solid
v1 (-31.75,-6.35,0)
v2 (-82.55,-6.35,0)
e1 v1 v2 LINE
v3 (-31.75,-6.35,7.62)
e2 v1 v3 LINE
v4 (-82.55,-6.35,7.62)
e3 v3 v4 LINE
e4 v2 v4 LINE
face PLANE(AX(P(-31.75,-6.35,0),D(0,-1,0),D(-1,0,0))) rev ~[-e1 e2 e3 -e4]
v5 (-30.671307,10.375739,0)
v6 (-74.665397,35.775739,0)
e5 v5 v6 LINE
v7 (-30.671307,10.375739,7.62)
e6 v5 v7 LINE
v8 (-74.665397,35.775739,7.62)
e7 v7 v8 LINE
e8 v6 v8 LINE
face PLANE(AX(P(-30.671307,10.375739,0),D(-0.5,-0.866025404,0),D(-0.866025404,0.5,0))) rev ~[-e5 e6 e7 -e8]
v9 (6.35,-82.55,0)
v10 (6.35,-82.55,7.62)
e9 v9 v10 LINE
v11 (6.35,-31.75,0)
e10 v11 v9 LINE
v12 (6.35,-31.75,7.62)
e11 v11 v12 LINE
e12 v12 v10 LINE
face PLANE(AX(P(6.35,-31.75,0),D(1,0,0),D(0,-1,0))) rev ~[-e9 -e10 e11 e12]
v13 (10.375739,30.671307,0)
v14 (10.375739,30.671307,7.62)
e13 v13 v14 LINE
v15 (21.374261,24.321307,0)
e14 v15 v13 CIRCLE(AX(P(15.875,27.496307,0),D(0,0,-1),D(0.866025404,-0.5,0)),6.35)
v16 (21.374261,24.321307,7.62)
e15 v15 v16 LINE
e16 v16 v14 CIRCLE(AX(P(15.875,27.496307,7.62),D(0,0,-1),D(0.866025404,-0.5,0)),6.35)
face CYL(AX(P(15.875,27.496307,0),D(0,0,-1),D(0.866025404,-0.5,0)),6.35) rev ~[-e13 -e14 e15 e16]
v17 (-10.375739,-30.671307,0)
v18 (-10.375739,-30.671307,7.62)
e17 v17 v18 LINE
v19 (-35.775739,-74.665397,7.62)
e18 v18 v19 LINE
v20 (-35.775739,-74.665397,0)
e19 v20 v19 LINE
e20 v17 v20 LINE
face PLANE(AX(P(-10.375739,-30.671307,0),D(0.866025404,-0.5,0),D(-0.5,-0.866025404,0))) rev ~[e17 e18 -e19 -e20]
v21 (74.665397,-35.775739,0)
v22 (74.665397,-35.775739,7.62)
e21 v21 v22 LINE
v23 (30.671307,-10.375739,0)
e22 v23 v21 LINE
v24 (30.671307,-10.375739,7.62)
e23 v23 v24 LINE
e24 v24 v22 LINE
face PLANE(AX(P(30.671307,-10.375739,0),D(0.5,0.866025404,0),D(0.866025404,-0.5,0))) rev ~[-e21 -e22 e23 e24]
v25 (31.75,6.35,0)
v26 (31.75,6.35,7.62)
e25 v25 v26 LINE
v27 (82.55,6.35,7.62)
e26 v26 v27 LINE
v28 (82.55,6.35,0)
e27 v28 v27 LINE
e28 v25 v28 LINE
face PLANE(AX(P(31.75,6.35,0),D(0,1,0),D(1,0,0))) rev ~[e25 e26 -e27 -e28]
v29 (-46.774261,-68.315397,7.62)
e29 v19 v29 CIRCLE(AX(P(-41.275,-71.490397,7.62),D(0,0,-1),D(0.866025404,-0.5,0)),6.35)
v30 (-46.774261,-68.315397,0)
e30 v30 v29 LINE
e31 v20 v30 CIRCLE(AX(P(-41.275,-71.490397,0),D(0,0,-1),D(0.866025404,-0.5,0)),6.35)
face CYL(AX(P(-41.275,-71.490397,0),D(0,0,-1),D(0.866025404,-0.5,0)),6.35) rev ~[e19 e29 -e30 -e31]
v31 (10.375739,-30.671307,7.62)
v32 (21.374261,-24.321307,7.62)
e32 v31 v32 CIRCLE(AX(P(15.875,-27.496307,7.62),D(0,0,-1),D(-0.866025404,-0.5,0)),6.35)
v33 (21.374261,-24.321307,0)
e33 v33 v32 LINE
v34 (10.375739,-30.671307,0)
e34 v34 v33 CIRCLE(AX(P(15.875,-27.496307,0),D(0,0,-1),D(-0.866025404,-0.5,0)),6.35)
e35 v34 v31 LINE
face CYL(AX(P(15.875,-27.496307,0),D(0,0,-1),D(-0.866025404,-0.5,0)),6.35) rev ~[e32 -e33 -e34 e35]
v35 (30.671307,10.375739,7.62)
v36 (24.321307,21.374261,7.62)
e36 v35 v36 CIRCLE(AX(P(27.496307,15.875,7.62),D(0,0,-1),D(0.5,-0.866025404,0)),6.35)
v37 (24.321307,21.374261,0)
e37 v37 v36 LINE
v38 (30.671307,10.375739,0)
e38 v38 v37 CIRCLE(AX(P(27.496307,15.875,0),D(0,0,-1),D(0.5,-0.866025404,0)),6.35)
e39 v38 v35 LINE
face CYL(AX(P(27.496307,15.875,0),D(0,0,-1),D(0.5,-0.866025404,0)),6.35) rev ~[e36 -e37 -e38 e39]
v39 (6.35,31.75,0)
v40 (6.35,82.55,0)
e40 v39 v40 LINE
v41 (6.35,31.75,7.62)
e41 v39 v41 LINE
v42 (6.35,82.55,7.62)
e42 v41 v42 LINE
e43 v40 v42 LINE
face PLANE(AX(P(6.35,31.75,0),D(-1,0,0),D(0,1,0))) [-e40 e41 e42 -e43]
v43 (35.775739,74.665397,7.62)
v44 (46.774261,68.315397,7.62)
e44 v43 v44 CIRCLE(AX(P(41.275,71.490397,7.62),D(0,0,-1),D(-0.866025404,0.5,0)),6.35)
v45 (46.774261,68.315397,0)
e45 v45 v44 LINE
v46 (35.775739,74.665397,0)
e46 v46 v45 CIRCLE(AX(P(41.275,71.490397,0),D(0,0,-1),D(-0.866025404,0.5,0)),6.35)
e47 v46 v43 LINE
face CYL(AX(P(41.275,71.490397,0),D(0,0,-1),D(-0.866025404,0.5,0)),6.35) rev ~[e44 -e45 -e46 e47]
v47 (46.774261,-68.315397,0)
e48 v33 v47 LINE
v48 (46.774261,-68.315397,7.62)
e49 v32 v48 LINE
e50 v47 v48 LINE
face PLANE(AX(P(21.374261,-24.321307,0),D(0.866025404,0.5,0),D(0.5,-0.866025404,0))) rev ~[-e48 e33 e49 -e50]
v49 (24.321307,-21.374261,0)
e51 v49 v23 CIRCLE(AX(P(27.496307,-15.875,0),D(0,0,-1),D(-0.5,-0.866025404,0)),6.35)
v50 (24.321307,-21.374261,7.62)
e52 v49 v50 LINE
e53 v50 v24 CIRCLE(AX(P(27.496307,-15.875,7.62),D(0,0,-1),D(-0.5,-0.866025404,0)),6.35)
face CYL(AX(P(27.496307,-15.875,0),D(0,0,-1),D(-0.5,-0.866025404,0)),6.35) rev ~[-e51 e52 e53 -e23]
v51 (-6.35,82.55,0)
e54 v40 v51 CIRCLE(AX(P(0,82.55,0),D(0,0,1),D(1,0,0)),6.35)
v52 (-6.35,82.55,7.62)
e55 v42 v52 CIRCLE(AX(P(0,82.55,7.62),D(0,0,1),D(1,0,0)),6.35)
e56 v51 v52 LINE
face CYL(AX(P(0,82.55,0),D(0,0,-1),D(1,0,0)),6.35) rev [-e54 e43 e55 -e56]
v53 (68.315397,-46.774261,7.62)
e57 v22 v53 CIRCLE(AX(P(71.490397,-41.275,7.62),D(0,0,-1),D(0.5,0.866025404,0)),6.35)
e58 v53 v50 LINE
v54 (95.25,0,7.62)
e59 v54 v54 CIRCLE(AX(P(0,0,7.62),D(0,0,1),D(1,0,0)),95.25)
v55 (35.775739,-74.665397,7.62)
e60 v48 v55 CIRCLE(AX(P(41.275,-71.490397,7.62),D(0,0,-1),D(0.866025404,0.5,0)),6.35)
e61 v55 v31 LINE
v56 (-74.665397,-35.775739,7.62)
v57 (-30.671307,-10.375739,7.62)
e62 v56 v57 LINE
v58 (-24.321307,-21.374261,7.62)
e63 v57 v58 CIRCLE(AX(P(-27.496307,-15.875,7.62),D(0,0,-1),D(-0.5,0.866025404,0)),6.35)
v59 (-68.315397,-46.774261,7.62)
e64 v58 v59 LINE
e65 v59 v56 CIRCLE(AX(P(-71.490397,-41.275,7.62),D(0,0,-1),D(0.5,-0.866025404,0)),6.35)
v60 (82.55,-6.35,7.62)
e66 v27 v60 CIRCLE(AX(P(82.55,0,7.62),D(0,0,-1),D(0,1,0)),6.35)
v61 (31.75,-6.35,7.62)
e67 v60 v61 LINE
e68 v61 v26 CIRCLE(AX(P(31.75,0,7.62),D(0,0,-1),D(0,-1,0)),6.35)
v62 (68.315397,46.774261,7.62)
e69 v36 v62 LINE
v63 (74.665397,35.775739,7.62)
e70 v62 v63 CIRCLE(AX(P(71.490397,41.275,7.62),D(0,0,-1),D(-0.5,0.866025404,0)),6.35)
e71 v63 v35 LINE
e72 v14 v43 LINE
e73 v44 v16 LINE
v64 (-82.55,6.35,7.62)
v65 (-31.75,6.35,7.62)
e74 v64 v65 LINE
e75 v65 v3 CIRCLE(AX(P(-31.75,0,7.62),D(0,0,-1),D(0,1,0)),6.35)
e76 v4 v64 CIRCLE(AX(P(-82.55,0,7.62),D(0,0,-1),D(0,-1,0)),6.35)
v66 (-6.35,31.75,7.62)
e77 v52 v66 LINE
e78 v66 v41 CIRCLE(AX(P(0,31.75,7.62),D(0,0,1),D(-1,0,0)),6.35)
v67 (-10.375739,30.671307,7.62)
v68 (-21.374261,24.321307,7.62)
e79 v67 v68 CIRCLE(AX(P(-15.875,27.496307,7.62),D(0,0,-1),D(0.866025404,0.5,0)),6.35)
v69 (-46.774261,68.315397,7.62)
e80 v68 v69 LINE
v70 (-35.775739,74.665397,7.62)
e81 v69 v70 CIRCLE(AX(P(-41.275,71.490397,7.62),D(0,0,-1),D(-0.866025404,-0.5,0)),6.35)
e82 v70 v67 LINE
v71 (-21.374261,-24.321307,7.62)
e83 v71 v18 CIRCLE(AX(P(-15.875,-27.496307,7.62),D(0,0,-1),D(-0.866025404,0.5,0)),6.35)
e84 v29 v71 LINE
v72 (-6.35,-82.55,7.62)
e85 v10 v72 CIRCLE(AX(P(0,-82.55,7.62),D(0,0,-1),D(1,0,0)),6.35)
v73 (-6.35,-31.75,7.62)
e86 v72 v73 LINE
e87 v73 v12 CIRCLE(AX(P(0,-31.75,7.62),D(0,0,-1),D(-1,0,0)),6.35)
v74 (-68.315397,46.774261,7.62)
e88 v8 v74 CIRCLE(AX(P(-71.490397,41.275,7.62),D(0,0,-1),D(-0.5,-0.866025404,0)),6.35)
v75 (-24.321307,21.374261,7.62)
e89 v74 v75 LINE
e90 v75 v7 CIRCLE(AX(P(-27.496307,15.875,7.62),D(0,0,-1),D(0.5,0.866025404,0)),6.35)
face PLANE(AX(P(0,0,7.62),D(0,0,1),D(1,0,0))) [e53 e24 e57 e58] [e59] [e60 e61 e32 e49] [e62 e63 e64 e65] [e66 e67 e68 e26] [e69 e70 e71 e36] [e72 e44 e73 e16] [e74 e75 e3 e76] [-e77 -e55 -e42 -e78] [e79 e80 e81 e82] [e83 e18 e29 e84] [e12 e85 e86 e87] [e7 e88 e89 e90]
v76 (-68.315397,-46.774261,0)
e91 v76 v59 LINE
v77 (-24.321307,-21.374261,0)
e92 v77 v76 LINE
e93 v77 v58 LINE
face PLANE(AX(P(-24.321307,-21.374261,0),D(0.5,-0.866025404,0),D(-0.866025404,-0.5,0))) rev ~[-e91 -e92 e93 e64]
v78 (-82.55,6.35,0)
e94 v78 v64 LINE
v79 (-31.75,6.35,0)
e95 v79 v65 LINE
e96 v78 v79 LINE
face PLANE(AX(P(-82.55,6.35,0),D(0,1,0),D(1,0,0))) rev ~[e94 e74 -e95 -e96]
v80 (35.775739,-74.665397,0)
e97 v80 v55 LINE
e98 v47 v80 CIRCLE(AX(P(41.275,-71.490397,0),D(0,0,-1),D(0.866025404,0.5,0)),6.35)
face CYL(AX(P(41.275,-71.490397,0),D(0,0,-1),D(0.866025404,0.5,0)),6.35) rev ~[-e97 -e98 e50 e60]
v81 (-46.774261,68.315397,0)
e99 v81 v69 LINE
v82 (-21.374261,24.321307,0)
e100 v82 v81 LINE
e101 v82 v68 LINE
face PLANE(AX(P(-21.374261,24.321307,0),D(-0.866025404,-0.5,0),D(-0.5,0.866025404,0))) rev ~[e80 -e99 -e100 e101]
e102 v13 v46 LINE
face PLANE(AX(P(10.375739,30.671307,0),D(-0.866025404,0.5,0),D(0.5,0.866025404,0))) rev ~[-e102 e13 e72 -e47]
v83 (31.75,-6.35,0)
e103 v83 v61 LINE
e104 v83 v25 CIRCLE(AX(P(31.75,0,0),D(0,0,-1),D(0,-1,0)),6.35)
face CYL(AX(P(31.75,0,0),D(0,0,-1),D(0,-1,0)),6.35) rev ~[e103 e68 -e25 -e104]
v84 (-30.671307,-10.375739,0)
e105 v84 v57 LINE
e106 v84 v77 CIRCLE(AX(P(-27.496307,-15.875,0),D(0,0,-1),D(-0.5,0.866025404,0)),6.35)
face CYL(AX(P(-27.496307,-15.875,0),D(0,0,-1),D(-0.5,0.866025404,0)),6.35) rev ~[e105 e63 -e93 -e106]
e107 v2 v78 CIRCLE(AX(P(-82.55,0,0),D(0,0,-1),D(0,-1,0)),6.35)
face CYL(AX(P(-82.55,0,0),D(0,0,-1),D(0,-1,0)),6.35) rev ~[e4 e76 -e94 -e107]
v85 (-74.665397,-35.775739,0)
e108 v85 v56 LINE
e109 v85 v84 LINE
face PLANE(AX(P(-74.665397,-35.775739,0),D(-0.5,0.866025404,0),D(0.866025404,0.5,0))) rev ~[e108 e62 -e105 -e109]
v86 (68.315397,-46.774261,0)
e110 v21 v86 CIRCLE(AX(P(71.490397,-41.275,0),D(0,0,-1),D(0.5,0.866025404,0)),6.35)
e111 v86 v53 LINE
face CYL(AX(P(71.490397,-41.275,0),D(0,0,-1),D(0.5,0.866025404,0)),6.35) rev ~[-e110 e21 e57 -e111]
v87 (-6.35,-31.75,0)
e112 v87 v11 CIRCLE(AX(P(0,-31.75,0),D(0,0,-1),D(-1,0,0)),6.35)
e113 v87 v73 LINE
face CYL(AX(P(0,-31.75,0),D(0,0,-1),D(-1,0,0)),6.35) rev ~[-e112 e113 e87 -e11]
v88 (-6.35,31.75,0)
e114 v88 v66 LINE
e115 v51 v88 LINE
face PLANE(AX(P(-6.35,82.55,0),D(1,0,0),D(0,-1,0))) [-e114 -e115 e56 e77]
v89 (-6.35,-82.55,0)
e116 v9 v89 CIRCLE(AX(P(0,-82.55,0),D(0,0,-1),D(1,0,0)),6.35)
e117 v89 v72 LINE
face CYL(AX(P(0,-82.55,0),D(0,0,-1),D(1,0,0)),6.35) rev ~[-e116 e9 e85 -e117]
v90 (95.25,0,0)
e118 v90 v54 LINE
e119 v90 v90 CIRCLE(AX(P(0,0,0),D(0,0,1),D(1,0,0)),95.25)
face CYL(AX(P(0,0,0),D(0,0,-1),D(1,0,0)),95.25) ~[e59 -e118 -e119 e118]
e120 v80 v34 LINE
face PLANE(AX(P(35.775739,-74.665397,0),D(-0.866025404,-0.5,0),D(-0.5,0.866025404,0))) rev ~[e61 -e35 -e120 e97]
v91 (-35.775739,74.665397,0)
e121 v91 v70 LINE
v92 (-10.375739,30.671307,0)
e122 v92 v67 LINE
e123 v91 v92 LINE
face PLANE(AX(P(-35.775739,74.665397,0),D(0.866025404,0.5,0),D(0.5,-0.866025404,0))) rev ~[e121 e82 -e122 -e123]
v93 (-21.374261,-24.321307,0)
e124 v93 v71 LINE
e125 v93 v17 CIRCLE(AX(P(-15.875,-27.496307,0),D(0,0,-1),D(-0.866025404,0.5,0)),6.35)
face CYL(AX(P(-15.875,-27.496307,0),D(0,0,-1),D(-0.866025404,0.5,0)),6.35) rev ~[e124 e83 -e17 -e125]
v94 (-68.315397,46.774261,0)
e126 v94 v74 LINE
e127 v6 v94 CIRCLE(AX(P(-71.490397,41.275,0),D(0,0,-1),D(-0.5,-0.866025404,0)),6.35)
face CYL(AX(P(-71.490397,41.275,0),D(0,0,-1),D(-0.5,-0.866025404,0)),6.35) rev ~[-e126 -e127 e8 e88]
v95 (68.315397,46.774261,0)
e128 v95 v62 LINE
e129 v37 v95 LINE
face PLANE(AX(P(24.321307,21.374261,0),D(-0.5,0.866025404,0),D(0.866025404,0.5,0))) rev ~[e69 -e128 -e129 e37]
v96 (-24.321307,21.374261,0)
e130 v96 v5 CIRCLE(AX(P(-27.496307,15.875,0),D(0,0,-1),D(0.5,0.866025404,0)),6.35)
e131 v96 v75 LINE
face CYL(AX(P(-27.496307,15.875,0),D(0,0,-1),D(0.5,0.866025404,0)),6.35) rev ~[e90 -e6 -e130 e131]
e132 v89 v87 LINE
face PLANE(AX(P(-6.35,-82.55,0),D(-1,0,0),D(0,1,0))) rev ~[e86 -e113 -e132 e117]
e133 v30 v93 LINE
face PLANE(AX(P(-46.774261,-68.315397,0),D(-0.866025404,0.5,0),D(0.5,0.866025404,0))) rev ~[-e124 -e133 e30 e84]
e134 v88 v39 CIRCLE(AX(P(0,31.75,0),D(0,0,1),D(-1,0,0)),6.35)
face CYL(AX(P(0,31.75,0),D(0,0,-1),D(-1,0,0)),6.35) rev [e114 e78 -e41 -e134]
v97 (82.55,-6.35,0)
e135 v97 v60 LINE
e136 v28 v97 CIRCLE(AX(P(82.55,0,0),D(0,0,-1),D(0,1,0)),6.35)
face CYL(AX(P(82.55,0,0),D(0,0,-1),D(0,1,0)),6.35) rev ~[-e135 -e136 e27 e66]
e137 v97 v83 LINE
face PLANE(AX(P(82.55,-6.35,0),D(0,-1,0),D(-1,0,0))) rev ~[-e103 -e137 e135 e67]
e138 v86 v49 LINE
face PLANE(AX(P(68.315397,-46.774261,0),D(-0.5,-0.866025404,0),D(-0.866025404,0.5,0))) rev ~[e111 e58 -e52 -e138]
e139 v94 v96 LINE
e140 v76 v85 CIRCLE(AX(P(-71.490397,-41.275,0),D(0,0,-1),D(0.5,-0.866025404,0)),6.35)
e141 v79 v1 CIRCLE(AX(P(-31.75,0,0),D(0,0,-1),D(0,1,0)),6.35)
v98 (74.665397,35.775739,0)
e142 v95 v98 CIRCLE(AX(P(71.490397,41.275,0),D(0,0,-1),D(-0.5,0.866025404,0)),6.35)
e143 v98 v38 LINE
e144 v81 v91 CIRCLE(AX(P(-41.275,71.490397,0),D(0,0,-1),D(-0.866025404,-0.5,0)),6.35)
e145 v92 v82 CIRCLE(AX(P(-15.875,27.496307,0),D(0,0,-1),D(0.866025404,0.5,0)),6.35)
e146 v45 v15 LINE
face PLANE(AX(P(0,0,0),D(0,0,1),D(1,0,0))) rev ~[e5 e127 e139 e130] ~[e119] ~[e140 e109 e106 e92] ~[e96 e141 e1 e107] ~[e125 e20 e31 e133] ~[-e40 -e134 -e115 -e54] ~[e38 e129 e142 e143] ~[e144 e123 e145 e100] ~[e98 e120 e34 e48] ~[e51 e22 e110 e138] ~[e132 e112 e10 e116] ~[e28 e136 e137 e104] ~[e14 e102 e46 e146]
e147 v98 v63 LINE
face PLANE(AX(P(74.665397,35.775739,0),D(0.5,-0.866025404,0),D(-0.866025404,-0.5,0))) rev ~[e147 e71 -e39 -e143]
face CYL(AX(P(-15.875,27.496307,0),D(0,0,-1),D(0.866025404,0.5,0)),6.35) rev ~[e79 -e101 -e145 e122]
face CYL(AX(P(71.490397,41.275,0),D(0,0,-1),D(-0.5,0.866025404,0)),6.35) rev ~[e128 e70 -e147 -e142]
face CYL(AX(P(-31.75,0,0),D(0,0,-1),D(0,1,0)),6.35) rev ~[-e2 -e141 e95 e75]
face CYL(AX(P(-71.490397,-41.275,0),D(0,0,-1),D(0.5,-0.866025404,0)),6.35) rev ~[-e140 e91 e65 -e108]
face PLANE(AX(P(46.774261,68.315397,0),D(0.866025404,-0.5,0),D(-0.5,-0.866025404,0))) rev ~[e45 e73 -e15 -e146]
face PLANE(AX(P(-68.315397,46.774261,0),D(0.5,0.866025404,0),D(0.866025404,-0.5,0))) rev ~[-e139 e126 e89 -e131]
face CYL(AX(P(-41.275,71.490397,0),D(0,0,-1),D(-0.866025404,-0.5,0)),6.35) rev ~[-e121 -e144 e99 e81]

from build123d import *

# Parameters (mm, degrees)
SKETCH1_R           = 95.25
BOSS_EXTRUDE1_DEPTH = 7.62


with BuildPart() as part:
    # Sketch1 → Boss-Extrude1 (new body)
    with BuildSketch(Plane.XY):
        Circle(SKETCH1_R)
        with BuildLine():
            Line((-6.35, 82.55), (-6.35, 31.75))
            ThreePointArc((-6.35, 31.75), (0, 25.4), (6.35, 31.75))
            Line((6.35, 31.75), (6.35, 82.55))
            ThreePointArc((6.35, 82.55), (0, 88.9), (-6.35, 82.55))
        make_face(mode=Mode.SUBTRACT)
        with BuildLine():
            Line((46.774261314, 68.315397082), (21.374261314, 24.32130657))
            ThreePointArc((21.374261314, 24.32130657), (12.7, 21.997045256), (10.375738686, 30.67130657))
            Line((10.375738686, 30.67130657), (35.775738686, 74.665397082))
            ThreePointArc((35.775738686, 74.665397082), (44.45, 76.989658396), (46.774261314, 68.315397082))
        make_face(mode=Mode.SUBTRACT)
        with BuildLine():
            Line((74.665397082, 35.775738686), (30.67130657, 10.375738686))
            ThreePointArc((30.67130657, 10.375738686), (21.997045256, 12.7), (24.32130657, 21.374261314))
            Line((24.32130657, 21.374261314), (68.315397082, 46.774261314))
            ThreePointArc((68.315397082, 46.774261314), (76.989658396, 44.45), (74.665397082, 35.775738686))
        make_face(mode=Mode.SUBTRACT)
        with BuildLine():
            Line((82.55, -6.35), (31.75, -6.35))
            ThreePointArc((31.75, -6.35), (25.4, 0), (31.75, 6.35))
            Line((31.75, 6.35), (82.55, 6.35))
            ThreePointArc((82.55, 6.35), (88.9, 0), (82.55, -6.35))
        make_face(mode=Mode.SUBTRACT)
        with BuildLine():
            Line((68.315397082, -46.774261314), (24.32130657, -21.374261314))
            ThreePointArc((24.32130657, -21.374261314), (21.997045256, -12.7), (30.67130657, -10.375738686))
            Line((30.67130657, -10.375738686), (74.665397082, -35.775738686))
            ThreePointArc((74.665397082, -35.775738686), (76.989658396, -44.45), (68.315397082, -46.774261314))
        make_face(mode=Mode.SUBTRACT)
        with BuildLine():
            Line((35.775738686, -74.665397082), (10.375738686, -30.67130657))
            ThreePointArc((10.375738686, -30.67130657), (12.7, -21.997045256), (21.374261314, -24.32130657))
            Line((21.374261314, -24.32130657), (46.774261314, -68.315397082))
            ThreePointArc((46.774261314, -68.315397082), (44.45, -76.989658396), (35.775738686, -74.665397082))
        make_face(mode=Mode.SUBTRACT)
        with BuildLine():
            Line((-6.35, -82.55), (-6.35, -31.75))
            ThreePointArc((-6.35, -31.75), (0, -25.4), (6.35, -31.75))
            Line((6.35, -31.75), (6.35, -82.55))
            ThreePointArc((6.35, -82.55), (0, -88.9), (-6.35, -82.55))
        make_face(mode=Mode.SUBTRACT)
        with BuildLine():
            Line((-46.774261314, -68.315397082), (-21.374261314, -24.32130657))
            ThreePointArc((-21.374261314, -24.32130657), (-12.7, -21.997045256), (-10.375738686, -30.67130657))
            Line((-10.375738686, -30.67130657), (-35.775738686, -74.665397082))
            ThreePointArc((-35.775738686, -74.665397082), (-44.45, -76.989658396), (-46.774261314, -68.315397082))
        make_face(mode=Mode.SUBTRACT)
        with BuildLine():
            Line((-74.665397082, -35.775738686), (-30.67130657, -10.375738686))
            ThreePointArc((-30.67130657, -10.375738686), (-21.997045256, -12.7), (-24.32130657, -21.374261314))
            Line((-24.32130657, -21.374261314), (-68.315397082, -46.774261314))
            ThreePointArc((-68.315397082, -46.774261314), (-76.989658396, -44.45), (-74.665397082, -35.775738686))
        make_face(mode=Mode.SUBTRACT)
        with BuildLine():
            Line((-82.55, 6.35), (-31.75, 6.35))
            ThreePointArc((-31.75, 6.35), (-25.4, 0), (-31.75, -6.35))
            Line((-31.75, -6.35), (-82.55, -6.35))
            ThreePointArc((-82.55, -6.35), (-88.9, 0), (-82.55, 6.35))
        make_face(mode=Mode.SUBTRACT)
        with BuildLine():
            Line((-68.315397082, 46.774261314), (-24.32130657, 21.374261314))
            ThreePointArc((-24.32130657, 21.374261314), (-21.997045256, 12.7), (-30.67130657, 10.375738686))
            Line((-30.67130657, 10.375738686), (-74.665397082, 35.775738686))
            ThreePointArc((-74.665397082, 35.775738686), (-76.989658396, 44.45), (-68.315397082, 46.774261314))
        make_face(mode=Mode.SUBTRACT)
        with BuildLine():
            Line((-35.775738686, 74.665397082), (-10.375738686, 30.67130657))
            ThreePointArc((-10.375738686, 30.67130657), (-12.7, 21.997045256), (-21.374261314, 24.32130657))
            Line((-21.374261314, 24.32130657), (-46.774261314, 68.315397082))
            ThreePointArc((-46.774261314, 68.315397082), (-44.45, 76.989658396), (-35.775738686, 74.665397082))
        make_face(mode=Mode.SUBTRACT)
    extrude(amount=BOSS_EXTRUDE1_DEPTH)


solid = part.part
